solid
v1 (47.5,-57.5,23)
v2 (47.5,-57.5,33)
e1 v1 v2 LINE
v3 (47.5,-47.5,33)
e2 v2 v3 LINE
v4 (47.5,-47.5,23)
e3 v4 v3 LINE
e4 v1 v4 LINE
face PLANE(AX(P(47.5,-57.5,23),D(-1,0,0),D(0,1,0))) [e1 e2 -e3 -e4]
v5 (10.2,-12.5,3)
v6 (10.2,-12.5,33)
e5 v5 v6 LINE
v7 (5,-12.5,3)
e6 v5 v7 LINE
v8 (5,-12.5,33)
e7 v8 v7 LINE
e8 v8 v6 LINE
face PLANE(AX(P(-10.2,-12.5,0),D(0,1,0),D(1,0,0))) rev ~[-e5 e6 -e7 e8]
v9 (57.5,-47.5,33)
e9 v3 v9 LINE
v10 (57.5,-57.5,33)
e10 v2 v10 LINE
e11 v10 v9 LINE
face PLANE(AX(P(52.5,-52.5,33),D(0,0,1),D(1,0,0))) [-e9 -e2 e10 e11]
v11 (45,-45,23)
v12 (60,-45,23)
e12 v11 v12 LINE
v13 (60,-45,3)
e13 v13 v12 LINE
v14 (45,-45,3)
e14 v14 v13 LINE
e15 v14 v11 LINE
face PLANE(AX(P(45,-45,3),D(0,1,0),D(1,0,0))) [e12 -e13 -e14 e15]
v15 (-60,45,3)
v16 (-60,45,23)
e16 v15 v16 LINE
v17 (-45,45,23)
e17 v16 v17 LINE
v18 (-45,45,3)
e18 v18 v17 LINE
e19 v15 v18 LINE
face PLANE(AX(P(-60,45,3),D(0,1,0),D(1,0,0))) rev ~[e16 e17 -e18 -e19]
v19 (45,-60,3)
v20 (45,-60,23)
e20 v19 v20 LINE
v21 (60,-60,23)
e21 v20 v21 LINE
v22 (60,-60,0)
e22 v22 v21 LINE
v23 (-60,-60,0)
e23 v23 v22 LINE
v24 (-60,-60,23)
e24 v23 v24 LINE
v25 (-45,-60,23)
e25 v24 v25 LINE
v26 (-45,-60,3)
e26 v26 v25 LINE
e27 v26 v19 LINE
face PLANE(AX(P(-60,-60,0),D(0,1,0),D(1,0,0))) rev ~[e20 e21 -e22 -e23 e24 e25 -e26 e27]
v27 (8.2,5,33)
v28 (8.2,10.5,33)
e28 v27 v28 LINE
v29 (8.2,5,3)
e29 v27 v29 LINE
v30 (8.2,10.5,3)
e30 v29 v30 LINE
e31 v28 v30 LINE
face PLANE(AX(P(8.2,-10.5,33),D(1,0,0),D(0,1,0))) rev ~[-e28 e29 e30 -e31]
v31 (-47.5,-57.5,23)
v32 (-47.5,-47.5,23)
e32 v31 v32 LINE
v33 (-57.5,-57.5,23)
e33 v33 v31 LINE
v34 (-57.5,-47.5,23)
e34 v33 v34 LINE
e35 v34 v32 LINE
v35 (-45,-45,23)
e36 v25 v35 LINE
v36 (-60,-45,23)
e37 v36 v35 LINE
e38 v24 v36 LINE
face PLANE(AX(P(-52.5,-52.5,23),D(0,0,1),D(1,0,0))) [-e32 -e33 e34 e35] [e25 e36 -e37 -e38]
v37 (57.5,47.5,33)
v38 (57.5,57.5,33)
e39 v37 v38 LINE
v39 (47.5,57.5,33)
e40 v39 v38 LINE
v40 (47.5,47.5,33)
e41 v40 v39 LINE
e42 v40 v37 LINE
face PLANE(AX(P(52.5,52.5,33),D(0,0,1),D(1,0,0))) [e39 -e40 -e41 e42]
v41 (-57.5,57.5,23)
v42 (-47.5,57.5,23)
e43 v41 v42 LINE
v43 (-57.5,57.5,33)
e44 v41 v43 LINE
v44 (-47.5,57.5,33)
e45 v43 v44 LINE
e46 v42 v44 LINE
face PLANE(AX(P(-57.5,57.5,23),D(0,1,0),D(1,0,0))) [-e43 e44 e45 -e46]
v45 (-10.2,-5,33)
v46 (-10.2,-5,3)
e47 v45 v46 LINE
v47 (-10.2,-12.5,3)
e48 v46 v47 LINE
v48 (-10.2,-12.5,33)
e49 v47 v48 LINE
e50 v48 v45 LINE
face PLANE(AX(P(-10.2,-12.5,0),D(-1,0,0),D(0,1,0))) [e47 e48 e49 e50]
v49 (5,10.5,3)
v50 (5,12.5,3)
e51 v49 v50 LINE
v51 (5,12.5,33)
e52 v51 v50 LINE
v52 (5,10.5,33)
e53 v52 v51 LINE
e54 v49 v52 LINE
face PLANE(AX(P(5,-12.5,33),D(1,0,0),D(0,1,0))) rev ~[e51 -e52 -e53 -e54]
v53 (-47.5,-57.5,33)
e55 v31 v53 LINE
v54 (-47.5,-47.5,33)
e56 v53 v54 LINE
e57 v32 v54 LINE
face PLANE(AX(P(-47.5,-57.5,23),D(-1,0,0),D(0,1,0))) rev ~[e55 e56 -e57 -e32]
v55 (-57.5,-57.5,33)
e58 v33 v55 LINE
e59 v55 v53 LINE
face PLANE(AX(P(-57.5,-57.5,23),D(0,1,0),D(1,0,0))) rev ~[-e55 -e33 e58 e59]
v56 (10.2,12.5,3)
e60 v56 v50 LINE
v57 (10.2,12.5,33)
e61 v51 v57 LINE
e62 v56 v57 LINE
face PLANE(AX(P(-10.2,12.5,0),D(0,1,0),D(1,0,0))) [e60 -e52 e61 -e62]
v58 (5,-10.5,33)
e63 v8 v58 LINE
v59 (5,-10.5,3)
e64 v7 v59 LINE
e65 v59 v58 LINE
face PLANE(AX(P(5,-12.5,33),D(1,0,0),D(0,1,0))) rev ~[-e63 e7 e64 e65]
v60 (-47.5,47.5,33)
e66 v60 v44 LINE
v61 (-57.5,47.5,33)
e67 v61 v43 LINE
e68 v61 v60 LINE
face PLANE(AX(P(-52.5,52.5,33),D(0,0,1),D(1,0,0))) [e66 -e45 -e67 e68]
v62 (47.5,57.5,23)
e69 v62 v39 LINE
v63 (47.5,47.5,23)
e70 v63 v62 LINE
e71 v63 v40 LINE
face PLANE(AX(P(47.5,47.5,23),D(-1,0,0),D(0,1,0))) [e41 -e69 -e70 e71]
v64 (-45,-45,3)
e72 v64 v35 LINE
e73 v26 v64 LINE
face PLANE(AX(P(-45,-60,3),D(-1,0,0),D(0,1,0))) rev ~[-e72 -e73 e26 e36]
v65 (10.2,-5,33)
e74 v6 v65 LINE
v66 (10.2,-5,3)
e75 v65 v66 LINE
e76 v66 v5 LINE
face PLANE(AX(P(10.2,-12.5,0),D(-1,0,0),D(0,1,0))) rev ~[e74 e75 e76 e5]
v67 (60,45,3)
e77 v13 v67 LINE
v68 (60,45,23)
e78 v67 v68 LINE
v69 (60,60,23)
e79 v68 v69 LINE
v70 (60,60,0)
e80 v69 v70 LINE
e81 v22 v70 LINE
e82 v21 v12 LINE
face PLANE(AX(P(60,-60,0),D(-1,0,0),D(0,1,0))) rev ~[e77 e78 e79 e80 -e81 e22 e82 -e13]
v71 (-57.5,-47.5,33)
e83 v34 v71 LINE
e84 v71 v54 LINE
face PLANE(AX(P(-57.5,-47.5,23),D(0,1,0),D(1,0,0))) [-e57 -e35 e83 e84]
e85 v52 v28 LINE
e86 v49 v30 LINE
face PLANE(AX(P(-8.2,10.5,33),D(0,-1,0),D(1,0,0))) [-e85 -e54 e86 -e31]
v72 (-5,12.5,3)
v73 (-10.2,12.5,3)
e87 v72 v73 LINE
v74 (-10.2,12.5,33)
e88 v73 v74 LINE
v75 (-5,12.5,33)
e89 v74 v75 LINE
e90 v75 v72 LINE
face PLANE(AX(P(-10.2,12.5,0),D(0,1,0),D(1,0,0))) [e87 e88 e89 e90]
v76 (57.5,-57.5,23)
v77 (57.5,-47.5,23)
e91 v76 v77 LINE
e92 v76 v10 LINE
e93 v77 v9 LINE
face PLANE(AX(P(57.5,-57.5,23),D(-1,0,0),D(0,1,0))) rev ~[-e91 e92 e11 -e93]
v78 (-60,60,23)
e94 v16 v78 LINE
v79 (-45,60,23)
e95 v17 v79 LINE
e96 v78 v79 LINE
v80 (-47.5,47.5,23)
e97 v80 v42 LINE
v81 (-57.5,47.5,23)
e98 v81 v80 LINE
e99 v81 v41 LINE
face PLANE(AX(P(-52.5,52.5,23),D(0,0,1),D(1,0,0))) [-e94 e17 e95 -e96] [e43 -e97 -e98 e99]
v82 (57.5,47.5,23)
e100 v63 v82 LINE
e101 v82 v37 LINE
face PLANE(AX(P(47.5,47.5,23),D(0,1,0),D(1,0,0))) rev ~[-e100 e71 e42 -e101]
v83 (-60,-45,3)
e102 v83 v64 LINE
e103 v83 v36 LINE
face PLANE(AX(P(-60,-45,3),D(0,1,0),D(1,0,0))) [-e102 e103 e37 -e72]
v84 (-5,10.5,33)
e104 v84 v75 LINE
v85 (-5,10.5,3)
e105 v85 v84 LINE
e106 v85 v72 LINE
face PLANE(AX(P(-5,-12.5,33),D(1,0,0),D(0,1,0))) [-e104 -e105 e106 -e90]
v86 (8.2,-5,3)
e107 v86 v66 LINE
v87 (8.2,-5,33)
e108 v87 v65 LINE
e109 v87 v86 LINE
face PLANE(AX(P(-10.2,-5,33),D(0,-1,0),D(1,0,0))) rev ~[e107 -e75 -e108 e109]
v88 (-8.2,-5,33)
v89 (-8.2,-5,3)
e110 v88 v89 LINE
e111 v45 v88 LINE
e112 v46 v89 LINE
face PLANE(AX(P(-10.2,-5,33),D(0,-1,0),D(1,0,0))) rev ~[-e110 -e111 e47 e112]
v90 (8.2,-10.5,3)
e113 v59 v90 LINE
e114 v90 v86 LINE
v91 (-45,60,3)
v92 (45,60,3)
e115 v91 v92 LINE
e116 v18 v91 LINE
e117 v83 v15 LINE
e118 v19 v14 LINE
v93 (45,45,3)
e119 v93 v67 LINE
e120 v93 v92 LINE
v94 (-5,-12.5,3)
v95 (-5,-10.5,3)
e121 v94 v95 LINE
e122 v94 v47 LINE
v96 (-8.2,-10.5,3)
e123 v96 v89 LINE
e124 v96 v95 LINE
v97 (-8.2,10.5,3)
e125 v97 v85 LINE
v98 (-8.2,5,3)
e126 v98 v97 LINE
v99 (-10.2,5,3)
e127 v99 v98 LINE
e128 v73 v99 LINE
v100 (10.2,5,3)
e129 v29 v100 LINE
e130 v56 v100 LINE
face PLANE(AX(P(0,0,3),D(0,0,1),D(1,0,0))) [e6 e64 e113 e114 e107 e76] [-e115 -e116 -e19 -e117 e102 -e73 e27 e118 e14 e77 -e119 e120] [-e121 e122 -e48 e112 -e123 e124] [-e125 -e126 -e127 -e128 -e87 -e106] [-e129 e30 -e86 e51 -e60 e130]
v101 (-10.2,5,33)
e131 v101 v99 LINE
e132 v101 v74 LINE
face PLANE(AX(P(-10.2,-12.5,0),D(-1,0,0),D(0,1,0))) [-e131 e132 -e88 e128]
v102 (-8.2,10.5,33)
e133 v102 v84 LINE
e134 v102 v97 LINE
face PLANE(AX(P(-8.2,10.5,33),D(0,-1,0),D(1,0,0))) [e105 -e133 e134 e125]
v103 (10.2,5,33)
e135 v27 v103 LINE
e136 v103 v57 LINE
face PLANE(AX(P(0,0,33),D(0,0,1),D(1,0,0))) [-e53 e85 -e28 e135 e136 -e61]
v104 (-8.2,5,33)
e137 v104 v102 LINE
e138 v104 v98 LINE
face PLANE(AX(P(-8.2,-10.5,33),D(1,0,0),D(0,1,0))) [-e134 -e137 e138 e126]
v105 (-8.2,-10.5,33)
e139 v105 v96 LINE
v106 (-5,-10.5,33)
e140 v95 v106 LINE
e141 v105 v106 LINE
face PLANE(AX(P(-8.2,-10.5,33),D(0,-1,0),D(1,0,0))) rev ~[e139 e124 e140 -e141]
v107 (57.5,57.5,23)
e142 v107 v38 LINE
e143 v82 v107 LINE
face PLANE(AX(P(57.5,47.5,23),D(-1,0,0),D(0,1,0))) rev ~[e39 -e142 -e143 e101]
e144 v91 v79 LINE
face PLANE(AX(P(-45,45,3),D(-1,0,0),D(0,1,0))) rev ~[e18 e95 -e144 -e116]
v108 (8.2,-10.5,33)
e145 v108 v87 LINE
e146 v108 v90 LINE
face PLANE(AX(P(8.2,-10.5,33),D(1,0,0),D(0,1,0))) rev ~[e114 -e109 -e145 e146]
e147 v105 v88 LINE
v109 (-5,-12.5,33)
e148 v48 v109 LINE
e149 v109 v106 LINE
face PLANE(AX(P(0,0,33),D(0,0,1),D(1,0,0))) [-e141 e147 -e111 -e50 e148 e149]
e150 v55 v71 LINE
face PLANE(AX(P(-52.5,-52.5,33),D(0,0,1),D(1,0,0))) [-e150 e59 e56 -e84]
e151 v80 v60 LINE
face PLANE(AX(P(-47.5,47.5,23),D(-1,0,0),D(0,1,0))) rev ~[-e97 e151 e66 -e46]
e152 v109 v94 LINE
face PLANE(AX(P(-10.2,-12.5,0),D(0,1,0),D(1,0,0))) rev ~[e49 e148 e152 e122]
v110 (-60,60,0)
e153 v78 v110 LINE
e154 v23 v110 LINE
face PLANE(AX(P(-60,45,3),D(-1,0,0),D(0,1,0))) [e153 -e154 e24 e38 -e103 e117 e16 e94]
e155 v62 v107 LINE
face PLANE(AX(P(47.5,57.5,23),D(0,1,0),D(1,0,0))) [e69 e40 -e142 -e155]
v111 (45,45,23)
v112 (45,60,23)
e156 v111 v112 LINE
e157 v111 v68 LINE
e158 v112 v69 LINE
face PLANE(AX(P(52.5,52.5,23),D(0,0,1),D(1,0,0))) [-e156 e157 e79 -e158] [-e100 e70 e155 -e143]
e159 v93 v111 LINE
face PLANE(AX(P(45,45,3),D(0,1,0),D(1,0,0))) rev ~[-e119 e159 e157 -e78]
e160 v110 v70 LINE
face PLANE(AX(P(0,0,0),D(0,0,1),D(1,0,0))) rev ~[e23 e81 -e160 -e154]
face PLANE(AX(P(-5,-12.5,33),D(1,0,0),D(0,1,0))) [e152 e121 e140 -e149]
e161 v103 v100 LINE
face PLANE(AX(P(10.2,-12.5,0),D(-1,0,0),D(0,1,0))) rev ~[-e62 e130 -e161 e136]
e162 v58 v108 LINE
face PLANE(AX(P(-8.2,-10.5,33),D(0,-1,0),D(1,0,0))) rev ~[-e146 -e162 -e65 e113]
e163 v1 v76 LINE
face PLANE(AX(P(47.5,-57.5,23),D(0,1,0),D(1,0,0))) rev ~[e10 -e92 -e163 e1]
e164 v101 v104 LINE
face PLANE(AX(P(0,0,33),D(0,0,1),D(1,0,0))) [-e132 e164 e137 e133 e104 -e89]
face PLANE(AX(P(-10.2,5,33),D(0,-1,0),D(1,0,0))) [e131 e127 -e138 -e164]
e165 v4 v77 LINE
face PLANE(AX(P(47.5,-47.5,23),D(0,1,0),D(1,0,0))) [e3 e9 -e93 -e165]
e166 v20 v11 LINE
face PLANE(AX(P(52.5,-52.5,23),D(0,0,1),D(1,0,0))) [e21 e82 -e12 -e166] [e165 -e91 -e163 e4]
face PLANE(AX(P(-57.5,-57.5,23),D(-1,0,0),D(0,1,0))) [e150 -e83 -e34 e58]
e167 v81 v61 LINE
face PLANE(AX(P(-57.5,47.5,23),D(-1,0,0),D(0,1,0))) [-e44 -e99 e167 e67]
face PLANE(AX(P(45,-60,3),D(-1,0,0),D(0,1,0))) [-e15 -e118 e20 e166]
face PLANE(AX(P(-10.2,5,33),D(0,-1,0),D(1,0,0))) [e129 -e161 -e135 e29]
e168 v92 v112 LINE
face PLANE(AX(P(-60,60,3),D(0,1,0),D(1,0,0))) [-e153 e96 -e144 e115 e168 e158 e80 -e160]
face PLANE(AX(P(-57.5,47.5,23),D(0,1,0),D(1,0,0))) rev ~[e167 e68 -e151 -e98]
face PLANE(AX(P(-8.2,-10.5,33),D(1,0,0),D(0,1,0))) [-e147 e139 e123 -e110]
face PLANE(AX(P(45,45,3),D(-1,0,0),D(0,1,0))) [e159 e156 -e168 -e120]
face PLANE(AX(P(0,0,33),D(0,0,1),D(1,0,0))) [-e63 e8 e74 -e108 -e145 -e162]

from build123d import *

# Parameters (mm, degrees)
F0_W      = 120
F0_H      = 120
F1_DEPTH  = 3
F2_W      = 15
F2_H      = 15
F3_DEPTH  = 20
F4_W      = 10
F4_H      = 10
F5_DEPTH  = 10
F6_W      = 20.4
F6_H      = 25
F7_DEPTH  = 33
F8_W      = 16.4
F8_H      = 21
F9_DEPTH  = 30
F10_W     = 20.4
F10_H     = 10
F11_DEPTH = 30
F12_W     = 10
F12_H     = 25
F13_DEPTH = 30


with BuildPart() as f1:
    # F0 (on Top) → F1 (new body)
    with BuildSketch(Plane.XY):
        Rectangle(F0_W, F0_H)
    extrude(amount=F1_DEPTH)

    # F2 (on face) → F3 (join)
    with BuildSketch(Plane.XY.offset(3)):
        with Locations((-52.5, 52.5)):
            Rectangle(F2_W, F2_H)
        with Locations((-52.5, -52.5)):
            Rectangle(F2_W, F2_H)
        with Locations((52.5, -52.5)):
            Rectangle(F2_W, F2_H)
        with Locations((52.5, 52.5)):
            Rectangle(F2_W, F2_H)
    extrude(amount=F3_DEPTH)

    # F4 (on face) → F5 (join)
    with BuildSketch(Plane.XY.offset(23)):
        with Locations((-52.5, -52.5)):
            Rectangle(F4_W, F4_H)
        with Locations((52.5, -52.5)):
            Rectangle(F4_W, F4_H)
        with Locations((-52.5, 52.5)):
            Rectangle(F4_W, F4_H)
        with Locations((52.5, 52.5)):
            Rectangle(F4_W, F4_H)
    extrude(amount=F5_DEPTH)

    # F6 (on Top) → F7 (join)
    with BuildSketch(Plane.XY):
        Rectangle(F6_W, F6_H)
    extrude(amount=F7_DEPTH)

    # F8 (on face) → F9 (cut)
    with BuildSketch(Plane.XY.offset(33)):
        Rectangle(F8_W, F8_H)
    extrude(amount=-F9_DEPTH, mode=Mode.SUBTRACT)

    # F10 (on face) → F11 (cut)
    with BuildSketch(Plane.XY.offset(33)):
        Rectangle(F10_W, F10_H)
    extrude(amount=-F11_DEPTH, mode=Mode.SUBTRACT)

    # F12 (on face) → F13 (cut)
    with BuildSketch(Plane.XY.offset(33)):
        Rectangle(F12_W, F12_H)
    extrude(amount=-F13_DEPTH, mode=Mode.SUBTRACT)


solid = f1.part
